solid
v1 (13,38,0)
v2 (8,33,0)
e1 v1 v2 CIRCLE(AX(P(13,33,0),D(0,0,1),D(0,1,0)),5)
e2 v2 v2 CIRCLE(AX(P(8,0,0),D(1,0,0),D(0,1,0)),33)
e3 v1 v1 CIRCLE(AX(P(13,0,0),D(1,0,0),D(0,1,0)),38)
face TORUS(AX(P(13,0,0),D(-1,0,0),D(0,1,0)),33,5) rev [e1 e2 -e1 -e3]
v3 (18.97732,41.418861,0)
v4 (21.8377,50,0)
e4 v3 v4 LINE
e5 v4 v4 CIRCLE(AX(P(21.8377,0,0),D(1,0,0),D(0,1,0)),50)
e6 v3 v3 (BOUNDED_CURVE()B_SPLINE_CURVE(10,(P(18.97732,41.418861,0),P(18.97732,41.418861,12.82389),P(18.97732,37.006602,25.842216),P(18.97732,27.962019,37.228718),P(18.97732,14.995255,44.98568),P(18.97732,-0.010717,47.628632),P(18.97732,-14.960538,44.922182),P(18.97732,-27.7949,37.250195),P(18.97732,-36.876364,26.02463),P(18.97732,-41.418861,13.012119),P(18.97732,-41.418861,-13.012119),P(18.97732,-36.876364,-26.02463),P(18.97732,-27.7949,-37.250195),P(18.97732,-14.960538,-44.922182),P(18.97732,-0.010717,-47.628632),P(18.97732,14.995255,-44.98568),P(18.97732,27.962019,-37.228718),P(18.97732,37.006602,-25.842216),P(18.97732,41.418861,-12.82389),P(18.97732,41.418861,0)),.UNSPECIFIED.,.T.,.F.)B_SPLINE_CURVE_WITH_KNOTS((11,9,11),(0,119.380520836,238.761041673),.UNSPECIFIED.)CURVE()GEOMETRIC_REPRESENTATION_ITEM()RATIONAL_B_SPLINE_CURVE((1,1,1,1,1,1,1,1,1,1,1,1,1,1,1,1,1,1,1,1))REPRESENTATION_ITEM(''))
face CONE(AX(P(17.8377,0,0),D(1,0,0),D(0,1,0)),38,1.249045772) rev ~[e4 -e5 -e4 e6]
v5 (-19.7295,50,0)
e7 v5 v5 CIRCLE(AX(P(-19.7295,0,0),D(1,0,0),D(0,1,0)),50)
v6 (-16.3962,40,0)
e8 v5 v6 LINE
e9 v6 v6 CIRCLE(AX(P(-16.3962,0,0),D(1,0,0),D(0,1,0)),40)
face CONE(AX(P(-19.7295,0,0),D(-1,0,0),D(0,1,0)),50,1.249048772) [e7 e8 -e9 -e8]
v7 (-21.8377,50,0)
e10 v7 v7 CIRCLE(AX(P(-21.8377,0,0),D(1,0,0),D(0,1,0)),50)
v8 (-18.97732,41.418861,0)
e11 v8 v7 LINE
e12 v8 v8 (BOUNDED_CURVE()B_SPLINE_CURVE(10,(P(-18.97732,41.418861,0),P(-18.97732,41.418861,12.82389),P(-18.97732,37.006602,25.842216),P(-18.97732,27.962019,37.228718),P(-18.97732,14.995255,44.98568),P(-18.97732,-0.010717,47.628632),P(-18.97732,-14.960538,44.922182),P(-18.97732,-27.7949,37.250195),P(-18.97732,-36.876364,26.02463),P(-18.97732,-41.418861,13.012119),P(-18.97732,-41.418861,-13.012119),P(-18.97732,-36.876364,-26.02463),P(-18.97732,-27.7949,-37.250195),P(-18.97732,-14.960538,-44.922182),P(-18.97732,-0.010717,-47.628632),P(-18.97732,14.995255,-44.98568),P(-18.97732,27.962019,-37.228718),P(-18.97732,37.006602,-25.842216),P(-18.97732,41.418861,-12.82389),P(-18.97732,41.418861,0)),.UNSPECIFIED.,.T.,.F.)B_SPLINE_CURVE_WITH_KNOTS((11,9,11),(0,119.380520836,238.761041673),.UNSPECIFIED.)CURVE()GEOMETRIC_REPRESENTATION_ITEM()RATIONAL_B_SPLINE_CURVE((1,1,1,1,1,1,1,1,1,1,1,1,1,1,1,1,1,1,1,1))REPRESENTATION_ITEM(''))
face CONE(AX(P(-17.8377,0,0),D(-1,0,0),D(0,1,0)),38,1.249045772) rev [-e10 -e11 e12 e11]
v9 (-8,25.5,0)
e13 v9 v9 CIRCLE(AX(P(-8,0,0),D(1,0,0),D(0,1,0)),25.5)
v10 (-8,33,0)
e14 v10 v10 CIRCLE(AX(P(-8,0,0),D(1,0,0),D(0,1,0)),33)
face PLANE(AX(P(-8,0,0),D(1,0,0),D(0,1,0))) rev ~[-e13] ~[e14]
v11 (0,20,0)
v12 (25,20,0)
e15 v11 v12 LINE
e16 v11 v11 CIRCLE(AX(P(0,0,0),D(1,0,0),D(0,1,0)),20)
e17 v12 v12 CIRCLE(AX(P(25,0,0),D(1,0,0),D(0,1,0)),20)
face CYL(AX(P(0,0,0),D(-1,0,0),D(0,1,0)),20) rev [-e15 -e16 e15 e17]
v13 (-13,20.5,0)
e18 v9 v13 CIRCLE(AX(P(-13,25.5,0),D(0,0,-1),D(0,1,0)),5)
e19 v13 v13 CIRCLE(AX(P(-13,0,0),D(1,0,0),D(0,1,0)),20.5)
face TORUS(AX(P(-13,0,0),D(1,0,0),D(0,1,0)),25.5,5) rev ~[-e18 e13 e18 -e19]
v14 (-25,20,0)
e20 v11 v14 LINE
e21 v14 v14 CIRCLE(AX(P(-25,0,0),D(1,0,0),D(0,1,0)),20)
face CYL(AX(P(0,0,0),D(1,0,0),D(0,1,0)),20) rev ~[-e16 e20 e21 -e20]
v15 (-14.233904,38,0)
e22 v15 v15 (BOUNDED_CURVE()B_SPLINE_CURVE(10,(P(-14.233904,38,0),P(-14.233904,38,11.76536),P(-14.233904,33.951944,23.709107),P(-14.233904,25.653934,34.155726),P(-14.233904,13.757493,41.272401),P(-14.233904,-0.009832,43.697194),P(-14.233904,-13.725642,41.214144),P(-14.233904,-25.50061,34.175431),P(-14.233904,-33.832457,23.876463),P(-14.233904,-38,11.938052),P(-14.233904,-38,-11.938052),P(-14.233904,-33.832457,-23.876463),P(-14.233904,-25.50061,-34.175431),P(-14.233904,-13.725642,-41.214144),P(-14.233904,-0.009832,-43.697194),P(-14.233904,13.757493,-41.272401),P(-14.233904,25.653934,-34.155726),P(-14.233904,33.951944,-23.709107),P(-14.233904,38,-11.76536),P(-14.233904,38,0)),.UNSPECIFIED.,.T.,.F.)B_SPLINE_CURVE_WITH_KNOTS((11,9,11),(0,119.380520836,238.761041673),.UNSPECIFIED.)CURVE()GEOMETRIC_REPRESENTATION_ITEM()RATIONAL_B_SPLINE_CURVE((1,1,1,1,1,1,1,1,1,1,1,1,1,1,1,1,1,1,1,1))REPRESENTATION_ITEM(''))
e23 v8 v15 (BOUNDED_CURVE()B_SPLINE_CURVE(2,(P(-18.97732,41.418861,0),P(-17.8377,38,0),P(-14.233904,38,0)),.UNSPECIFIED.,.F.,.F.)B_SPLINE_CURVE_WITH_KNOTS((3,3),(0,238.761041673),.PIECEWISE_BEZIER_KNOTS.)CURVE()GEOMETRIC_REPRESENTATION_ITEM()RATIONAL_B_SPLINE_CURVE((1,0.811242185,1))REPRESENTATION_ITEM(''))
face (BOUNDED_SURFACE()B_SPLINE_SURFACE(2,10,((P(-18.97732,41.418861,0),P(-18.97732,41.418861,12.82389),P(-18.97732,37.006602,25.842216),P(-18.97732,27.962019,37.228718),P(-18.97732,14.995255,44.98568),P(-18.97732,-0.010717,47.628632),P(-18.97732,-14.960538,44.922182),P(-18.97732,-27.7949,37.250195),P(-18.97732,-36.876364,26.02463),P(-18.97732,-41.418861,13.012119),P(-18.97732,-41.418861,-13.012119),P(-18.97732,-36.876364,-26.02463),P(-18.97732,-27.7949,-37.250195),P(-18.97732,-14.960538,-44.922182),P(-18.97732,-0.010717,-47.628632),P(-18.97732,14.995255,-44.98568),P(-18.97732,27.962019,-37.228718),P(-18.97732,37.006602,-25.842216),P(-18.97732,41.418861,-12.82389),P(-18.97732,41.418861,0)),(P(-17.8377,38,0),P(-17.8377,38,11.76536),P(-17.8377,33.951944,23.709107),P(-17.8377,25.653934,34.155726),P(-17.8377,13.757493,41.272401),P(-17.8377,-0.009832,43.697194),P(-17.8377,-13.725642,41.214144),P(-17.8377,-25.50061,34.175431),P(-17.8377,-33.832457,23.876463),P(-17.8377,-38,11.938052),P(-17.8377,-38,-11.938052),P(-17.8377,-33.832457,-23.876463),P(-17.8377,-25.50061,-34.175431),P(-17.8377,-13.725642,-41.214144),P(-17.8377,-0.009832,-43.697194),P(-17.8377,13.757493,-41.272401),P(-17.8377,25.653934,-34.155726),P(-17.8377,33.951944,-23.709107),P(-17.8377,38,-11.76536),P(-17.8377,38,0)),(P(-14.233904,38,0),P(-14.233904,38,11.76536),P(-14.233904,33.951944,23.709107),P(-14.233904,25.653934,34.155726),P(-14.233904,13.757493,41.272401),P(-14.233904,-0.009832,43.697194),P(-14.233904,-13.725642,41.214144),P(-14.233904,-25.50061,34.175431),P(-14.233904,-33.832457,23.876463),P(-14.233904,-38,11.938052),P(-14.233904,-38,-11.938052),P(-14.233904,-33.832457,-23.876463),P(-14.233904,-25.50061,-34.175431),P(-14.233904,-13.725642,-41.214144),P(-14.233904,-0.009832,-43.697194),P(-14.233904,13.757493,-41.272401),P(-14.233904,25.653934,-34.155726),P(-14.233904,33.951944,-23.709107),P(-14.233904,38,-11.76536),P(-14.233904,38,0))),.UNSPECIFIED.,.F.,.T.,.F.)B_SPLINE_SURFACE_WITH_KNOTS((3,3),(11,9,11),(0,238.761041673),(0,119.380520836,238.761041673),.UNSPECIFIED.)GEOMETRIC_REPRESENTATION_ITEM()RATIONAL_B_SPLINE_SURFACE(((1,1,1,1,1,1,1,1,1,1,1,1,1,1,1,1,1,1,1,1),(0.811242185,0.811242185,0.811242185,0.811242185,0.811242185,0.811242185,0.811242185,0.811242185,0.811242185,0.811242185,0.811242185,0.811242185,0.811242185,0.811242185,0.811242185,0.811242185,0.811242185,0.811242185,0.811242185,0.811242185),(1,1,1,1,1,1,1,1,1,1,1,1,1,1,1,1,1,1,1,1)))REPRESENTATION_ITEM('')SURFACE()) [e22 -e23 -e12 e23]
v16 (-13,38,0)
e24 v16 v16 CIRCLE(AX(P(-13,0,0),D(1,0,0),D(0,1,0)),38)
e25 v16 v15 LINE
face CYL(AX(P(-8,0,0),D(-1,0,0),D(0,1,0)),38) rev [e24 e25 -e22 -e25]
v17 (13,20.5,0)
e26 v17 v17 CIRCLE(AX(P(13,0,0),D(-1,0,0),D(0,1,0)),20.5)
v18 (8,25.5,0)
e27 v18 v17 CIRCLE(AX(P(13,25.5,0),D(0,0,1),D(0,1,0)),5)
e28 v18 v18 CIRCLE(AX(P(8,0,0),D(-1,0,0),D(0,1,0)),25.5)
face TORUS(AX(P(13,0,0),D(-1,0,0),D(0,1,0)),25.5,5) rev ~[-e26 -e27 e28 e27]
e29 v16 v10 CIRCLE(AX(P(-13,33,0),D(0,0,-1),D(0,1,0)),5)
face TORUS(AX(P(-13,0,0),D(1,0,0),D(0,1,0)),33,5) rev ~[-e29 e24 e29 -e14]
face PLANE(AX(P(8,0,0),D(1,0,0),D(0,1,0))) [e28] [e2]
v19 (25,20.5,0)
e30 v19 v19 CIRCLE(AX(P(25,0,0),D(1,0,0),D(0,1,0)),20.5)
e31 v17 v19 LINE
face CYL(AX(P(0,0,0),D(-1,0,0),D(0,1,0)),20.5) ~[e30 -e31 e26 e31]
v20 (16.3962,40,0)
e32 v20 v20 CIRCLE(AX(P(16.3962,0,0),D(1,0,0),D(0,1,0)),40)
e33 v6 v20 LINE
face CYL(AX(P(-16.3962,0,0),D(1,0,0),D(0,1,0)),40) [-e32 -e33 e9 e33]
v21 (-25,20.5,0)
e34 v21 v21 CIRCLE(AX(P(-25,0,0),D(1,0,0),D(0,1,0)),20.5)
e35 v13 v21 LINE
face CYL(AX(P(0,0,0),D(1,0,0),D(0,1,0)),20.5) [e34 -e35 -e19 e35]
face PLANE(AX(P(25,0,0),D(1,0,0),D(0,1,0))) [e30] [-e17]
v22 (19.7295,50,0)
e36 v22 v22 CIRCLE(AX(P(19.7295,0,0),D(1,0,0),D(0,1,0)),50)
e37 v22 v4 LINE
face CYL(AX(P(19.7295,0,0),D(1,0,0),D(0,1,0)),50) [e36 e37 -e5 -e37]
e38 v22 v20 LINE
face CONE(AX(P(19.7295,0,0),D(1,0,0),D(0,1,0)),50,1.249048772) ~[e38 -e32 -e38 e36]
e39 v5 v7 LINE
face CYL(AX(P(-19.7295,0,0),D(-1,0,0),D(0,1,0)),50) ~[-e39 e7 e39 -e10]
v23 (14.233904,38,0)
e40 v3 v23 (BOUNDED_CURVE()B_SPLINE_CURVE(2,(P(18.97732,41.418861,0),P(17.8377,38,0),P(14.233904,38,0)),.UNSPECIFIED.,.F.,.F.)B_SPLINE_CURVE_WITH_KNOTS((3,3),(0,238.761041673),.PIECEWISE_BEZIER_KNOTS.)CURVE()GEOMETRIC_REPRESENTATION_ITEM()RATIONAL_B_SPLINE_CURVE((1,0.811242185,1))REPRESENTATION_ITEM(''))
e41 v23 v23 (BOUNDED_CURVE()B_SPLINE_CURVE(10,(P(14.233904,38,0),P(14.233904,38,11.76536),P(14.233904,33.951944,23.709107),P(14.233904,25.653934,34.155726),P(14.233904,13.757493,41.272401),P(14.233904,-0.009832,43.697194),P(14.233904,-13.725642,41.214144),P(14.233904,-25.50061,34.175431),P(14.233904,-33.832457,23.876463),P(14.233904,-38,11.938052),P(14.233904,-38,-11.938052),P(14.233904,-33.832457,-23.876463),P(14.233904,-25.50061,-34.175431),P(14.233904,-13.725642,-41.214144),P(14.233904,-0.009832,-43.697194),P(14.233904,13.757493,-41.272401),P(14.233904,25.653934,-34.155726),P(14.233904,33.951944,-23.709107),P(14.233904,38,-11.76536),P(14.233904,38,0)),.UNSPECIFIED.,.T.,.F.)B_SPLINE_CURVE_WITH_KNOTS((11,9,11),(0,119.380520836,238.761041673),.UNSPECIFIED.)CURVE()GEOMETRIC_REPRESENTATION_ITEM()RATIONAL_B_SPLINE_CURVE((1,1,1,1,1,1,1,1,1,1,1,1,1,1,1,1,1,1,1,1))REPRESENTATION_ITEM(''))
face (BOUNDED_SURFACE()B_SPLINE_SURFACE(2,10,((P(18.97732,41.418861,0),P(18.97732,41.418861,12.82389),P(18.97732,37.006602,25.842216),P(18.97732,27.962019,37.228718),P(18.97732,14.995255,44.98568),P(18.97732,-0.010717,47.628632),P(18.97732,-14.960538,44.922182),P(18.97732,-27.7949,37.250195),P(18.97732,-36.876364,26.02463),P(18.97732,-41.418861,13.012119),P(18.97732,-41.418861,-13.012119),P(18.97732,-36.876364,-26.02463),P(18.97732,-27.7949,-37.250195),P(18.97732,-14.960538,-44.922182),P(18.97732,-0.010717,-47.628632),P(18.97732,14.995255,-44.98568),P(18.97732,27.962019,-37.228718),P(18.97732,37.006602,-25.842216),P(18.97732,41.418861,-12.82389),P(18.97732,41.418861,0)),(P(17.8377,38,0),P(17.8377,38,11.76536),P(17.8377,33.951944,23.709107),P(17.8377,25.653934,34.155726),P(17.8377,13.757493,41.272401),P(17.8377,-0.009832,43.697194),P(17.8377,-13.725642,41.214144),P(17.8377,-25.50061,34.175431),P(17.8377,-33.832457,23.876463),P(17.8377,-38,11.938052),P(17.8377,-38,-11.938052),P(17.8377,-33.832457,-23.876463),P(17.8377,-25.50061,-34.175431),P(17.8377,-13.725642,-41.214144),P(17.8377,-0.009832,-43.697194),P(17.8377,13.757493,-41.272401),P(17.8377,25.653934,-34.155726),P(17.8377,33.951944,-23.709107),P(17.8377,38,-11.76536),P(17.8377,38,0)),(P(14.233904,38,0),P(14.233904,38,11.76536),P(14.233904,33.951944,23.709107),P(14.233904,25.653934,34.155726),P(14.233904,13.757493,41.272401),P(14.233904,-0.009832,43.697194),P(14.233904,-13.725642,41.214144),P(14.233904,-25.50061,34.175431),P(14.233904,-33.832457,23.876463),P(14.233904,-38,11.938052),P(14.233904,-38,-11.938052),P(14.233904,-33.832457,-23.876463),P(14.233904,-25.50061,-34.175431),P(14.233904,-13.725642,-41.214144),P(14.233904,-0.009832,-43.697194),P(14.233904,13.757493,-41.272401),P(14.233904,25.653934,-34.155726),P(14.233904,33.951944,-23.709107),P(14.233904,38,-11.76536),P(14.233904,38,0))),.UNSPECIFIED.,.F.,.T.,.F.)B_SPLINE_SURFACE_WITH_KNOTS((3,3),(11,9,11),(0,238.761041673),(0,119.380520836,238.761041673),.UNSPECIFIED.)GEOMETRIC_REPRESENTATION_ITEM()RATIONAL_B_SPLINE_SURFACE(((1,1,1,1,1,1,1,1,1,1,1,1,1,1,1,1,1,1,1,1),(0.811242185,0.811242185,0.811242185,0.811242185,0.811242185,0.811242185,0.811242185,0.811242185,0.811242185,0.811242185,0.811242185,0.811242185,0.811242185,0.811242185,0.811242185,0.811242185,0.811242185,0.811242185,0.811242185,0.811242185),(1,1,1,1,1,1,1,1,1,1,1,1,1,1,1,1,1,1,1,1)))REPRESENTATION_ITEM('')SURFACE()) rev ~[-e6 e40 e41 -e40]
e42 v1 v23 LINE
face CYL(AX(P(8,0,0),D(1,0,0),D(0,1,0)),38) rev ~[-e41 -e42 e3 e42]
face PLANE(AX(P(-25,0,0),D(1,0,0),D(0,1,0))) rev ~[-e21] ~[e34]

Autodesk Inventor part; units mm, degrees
ref_plane "XZ Plane" through (0, 0, 0) normal (0, 1, 0) x (-1, 0, 0)
ref_plane "XY Plane" through (0, 0, 0) normal (0, 0, 1) x (1, 0, 0)
sketch "Sketch1" plane through (0, 0, 0) normal (0, 0, 1) x (1, 0, 0)
  line L0 (-8, 38) -> (-17.8377, 38)
  line L1 (-17.8377, 38) -> (-21.8377, 50)
  line L2 (-19.7295, 50) -> (-21.8377, 50)
  line L3 (-19.7295, 50) -> (-16.3962, 40)
  line L4 (-16.3962, 40) -> (-2.5, 40)
  line L5 (-2.5, 40) -> (0, 40)
  line L6 (-8, 38) -> (-8, 0)
  line L7 (-8, 0) -> (0, 0)
  line L8 (8, 38) -> (17.8377, 38)
  line L9 (17.8377, 38) -> (21.8377, 50)
  line L10 (19.7295, 50) -> (21.8377, 50)
  line L11 (19.7295, 50) -> (16.3962, 40)
  line L12 (16.3962, 40) -> (2.5, 40)
  line L13 (2.5, 40) -> (0, 40)
  line L14 (8, 38) -> (8, 0)
  line L15 (8, 0) -> (0, 0)
  dimension "d14" = 2
ref_plane "Work Plane1" through (0, 0, 0) normal (1, 0, 0) x (0, 1, 0)
revolve "Revolution2" add sketch "Sketch1" angle 360 about axis through (-8, 0, 0) along (1, 0, 0)
fillet "Fillet1" radius 5 1 edges at (17.8377, -38, 0)
fillet "Fillet2" radius 5 1 edges at (-17.8377, -38, 0)
sketch "Sketch2" plane through (0, 0, 0) normal (1, 0, 0) x (0, 1, 0)
  circle A0 centre (0, 0) radius 20.5
  dimension "d11" = 41
extrude "Extrusion1" add sketch "Sketch2" along normal mid plane 50
fillet "Fillet3" radius 5 4 edges at (-8, -38, 0) (-8, -20.5, 0) (8, -38, 0) (8, -20.5, 0)
sketch "Sketch3" plane through (0, 0, 0) normal (1, 0, 0) x (0, 1, 0)
  circle A0 centre (0, 0) radius 20
  dimension "d19" = 40
extrude "Extrusion2" cut sketch "Sketch3" along normal mid plane 50
properties part number "velg" material "Steel, Alloy"
